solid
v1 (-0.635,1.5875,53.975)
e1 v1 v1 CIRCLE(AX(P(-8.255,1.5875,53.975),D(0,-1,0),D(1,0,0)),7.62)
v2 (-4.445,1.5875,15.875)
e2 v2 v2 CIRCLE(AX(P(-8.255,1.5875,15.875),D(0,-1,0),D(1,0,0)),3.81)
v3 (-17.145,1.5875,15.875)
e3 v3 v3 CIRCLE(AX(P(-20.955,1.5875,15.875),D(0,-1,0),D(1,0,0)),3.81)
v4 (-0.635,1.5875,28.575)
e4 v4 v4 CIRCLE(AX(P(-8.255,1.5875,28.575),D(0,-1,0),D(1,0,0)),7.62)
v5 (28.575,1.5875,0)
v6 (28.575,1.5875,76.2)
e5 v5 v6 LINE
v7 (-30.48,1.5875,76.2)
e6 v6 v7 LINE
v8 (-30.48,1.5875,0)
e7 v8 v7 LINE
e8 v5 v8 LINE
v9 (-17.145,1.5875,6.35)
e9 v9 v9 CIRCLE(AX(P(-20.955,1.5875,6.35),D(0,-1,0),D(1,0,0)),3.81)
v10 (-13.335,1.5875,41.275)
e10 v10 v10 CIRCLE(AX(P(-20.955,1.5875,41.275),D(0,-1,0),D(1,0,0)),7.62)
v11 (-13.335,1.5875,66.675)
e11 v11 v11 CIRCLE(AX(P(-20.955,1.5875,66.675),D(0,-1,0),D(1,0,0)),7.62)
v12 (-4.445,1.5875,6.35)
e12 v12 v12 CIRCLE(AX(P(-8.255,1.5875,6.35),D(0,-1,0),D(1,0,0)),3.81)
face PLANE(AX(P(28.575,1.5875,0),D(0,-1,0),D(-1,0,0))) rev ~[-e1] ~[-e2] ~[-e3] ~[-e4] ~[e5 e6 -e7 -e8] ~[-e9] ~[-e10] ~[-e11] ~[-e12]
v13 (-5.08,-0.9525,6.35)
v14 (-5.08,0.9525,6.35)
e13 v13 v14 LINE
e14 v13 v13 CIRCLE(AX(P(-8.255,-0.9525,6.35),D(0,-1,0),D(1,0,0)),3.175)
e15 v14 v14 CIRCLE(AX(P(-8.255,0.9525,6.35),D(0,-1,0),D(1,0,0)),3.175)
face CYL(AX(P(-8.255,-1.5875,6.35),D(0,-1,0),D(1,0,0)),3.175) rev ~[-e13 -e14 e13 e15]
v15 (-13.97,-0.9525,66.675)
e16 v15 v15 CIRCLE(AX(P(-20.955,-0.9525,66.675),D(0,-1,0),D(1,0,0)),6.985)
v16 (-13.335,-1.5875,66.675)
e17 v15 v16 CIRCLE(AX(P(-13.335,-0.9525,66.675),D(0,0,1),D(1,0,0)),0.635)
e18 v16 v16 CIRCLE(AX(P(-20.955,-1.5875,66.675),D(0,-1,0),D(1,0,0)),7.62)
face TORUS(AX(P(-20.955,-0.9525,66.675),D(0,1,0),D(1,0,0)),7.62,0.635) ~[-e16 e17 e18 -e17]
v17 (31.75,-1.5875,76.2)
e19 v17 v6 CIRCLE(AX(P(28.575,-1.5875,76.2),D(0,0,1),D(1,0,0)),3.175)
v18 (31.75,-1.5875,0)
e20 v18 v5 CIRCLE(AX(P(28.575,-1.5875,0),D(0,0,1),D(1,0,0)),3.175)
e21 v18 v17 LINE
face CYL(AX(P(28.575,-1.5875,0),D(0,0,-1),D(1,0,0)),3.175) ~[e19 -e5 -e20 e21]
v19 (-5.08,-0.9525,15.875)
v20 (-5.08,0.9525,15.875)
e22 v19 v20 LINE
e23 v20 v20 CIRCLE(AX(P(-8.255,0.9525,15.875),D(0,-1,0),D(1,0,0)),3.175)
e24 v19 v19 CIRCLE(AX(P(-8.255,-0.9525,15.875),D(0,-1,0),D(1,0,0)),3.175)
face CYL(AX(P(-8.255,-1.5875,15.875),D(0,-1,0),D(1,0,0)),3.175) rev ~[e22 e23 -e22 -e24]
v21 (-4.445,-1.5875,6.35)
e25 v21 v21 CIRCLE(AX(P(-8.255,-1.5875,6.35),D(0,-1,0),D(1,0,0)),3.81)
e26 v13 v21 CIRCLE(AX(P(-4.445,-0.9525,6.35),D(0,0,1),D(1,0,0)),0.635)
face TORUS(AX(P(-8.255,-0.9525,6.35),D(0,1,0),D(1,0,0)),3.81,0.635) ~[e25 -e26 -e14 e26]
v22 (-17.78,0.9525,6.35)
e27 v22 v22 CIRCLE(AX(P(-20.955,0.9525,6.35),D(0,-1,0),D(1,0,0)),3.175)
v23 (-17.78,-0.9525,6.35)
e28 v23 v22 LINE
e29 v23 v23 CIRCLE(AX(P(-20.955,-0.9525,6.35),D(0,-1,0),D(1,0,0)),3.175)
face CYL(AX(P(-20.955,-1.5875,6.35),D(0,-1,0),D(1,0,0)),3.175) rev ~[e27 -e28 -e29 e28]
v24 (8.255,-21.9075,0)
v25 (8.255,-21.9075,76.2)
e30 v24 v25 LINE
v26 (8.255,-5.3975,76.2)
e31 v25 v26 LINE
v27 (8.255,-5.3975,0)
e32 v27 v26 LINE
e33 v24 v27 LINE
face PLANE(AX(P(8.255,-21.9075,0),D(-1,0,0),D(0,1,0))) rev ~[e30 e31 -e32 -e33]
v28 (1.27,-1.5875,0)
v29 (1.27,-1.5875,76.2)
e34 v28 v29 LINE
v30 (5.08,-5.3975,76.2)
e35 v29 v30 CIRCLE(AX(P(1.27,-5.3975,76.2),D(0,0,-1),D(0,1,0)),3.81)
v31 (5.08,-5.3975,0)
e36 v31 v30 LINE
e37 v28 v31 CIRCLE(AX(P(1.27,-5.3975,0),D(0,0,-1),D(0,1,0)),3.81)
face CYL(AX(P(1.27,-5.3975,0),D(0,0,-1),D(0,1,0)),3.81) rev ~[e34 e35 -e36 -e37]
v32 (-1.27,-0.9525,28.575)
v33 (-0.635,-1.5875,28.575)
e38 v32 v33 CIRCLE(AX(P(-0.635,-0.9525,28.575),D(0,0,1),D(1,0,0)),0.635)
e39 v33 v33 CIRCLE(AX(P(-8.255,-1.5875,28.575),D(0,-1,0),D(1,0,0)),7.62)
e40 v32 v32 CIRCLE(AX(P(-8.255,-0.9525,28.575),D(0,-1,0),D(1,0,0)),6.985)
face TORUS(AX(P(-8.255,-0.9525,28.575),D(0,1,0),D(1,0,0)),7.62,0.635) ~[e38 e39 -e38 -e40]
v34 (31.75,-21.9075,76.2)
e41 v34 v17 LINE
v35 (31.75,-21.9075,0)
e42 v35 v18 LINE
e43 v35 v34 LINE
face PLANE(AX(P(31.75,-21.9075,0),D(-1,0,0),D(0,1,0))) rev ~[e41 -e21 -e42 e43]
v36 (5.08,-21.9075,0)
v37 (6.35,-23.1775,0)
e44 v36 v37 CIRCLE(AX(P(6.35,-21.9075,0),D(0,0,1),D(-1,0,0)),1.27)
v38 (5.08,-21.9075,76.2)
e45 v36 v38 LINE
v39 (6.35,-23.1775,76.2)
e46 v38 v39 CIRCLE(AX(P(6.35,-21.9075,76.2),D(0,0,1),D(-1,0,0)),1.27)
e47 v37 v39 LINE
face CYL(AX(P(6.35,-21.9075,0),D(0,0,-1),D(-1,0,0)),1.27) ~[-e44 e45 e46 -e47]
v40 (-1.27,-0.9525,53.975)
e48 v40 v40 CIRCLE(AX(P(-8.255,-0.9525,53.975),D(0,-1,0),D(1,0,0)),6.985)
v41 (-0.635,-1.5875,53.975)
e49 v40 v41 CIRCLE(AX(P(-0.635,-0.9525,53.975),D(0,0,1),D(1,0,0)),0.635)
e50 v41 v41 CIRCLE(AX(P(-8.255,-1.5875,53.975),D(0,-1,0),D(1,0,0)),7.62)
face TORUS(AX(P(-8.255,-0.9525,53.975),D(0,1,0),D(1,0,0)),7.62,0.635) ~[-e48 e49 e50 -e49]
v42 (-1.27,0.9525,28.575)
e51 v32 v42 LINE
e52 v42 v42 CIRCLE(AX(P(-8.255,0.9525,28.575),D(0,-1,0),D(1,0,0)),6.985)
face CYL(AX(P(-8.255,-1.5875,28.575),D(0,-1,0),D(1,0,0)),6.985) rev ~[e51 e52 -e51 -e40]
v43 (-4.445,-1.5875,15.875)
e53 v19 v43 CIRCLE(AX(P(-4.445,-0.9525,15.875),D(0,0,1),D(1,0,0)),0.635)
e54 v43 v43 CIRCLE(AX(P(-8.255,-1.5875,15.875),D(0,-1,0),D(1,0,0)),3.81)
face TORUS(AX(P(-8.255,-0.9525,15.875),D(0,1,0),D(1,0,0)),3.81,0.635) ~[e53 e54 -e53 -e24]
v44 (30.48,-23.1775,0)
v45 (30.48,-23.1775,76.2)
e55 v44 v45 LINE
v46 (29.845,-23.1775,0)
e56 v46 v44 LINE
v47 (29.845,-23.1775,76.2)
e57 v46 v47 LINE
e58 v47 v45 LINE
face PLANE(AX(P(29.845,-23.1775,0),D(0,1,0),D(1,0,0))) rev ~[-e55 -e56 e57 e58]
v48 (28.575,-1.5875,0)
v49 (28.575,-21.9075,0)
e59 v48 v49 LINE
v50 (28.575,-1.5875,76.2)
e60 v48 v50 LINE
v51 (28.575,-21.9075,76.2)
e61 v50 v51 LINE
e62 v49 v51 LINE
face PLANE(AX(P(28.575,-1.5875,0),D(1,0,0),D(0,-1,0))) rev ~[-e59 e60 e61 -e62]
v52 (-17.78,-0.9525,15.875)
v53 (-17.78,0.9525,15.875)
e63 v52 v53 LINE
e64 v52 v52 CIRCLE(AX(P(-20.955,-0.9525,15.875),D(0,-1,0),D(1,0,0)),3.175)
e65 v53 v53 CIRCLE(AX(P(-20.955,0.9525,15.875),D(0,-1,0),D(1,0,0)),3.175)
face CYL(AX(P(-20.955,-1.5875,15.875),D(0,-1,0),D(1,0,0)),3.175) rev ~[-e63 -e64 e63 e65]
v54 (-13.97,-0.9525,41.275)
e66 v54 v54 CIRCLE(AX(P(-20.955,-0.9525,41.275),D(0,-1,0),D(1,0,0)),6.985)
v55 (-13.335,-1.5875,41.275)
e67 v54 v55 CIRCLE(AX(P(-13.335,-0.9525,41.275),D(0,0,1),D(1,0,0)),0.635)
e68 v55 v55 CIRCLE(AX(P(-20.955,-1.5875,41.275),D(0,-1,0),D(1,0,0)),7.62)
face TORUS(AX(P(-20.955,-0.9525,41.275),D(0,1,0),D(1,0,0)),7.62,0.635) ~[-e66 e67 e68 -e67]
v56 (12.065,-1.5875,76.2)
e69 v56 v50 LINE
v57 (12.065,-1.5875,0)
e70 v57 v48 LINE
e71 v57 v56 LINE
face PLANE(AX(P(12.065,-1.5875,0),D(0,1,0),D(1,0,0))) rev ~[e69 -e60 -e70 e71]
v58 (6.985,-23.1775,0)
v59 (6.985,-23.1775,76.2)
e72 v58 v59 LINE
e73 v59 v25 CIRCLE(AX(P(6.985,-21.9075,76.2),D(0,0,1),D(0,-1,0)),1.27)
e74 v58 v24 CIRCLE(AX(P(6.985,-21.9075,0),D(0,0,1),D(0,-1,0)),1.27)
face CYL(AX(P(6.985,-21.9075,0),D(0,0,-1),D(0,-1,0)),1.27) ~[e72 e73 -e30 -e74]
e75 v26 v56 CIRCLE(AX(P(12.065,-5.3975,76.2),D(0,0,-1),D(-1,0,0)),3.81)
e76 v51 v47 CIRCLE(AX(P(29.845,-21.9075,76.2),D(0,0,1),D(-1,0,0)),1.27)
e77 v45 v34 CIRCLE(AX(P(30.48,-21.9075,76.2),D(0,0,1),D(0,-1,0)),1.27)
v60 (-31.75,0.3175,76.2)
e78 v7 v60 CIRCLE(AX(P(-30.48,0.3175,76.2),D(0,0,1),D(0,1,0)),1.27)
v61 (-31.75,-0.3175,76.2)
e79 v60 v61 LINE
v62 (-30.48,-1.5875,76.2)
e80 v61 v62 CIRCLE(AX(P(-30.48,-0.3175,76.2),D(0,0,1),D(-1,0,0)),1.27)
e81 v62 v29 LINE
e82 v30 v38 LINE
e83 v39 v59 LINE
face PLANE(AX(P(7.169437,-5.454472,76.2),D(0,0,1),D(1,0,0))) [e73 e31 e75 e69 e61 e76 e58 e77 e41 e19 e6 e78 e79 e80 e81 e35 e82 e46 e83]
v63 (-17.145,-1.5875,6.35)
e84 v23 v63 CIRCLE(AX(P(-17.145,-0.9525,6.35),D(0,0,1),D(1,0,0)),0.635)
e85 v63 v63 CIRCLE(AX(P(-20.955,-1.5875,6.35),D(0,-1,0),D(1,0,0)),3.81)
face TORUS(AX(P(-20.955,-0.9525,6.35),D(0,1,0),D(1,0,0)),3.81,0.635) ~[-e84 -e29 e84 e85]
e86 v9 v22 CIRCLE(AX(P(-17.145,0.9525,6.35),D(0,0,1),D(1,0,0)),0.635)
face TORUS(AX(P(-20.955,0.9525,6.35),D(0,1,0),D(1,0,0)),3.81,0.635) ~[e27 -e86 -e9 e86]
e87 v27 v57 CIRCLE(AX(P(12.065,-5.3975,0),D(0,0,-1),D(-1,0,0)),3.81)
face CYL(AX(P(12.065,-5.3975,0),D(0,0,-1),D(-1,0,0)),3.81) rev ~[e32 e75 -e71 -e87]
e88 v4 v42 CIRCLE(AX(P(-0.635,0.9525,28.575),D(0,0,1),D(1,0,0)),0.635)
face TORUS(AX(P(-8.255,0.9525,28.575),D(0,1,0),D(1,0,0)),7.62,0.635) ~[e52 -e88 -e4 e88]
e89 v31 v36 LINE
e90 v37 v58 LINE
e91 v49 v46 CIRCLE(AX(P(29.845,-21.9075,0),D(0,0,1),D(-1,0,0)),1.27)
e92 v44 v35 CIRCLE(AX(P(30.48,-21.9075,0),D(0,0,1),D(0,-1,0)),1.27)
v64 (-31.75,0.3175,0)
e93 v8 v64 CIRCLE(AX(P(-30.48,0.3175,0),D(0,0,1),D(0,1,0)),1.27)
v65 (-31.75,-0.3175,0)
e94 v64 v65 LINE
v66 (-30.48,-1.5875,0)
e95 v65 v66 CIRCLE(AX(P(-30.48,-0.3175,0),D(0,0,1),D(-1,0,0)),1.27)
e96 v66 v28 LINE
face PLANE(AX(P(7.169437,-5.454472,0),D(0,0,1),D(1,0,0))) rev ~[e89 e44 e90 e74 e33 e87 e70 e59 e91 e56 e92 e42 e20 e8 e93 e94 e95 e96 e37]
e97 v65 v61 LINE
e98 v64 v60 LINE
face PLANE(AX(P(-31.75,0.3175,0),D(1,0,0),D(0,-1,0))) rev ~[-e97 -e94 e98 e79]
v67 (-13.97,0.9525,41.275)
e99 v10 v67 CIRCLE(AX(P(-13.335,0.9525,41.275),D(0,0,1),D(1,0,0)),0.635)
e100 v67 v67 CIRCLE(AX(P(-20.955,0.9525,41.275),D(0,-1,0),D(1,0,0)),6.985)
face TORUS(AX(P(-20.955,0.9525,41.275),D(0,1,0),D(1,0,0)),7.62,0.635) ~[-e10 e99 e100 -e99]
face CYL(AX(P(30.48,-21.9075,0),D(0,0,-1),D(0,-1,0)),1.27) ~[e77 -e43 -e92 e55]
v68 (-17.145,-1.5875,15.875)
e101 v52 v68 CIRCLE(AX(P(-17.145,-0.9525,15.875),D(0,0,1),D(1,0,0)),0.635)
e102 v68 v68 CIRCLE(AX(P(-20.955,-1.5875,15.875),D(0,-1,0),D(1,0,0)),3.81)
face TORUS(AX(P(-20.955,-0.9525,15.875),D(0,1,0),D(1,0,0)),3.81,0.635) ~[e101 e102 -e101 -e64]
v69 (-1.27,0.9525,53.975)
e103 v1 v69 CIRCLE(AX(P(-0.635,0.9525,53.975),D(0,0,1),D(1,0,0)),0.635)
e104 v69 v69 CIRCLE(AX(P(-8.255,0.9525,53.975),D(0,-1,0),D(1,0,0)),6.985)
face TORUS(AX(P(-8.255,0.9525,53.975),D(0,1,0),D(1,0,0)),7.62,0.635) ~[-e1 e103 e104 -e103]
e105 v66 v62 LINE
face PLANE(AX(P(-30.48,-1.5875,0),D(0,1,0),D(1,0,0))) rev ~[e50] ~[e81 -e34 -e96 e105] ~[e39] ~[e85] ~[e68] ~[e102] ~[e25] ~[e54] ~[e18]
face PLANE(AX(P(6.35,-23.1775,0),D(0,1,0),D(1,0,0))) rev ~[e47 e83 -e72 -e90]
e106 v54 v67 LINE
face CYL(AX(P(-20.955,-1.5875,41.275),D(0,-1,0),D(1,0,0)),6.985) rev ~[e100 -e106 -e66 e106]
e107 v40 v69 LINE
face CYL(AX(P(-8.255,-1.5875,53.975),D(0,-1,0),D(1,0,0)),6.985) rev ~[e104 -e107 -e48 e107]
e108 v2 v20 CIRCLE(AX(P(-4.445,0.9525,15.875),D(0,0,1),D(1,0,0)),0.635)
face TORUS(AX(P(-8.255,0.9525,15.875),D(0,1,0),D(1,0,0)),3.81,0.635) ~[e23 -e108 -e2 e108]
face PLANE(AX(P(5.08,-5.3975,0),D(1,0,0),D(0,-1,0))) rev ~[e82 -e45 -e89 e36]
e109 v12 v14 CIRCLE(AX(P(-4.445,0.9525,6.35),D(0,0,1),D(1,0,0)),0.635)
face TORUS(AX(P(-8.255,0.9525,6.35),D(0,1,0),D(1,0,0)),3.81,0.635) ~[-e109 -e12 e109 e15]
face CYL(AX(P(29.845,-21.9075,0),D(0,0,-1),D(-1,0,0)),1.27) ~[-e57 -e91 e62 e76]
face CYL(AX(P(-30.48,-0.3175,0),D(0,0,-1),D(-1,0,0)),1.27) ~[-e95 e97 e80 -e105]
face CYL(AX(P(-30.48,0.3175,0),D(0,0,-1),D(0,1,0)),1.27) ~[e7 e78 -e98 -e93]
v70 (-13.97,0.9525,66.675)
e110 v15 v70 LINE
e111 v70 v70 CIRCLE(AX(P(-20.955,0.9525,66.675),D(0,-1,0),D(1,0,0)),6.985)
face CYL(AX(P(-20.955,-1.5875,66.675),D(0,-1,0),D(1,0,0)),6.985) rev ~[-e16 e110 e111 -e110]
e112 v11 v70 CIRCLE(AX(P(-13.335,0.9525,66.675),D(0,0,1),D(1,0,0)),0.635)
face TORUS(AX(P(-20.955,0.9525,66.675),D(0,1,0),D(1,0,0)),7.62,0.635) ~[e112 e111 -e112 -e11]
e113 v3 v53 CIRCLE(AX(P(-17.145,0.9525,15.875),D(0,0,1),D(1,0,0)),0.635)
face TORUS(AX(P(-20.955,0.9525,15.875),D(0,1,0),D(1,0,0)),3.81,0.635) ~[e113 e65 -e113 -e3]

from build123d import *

# Parameters (mm, degrees)
F1_DEPTH = 76.2
F2_R     = 3.175
F2_R_2   = 6.985
F3_DEPTH = 25.4
F4_R     = 0.635


with BuildPart() as f1:
    # F0 (on Top) → F1 (new body)
    with BuildSketch(Plane.XY):
        with BuildLine():
            ThreePointArc((31.75, -1.5875), (30.8200640303, 0.6575640303), (28.575, 1.5875))
            Line((28.575, 1.5875), (-30.48, 1.5875))
            ThreePointArc((-30.48, 1.5875), (-31.3780256121, 1.2155256121), (-31.75, 0.3175))
            Line((-31.75, 0.3175), (-31.75, -0.3175))
            ThreePointArc((-31.75, -0.3175), (-31.3780256121, -1.2155256121), (-30.48, -1.5875))
            Line((-30.48, -1.5875), (1.27, -1.5875))
            ThreePointArc((1.27, -1.5875), (3.9640768363, -2.7034231637), (5.08, -5.3975))
            Line((5.08, -5.3975), (5.08, -21.9075))
            ThreePointArc((5.08, -21.9075), (5.4519743879, -22.8055256121), (6.35, -23.1775))
            Line((6.35, -23.1775), (6.985, -23.1775))
            ThreePointArc((6.985, -23.1775), (7.8830256121, -22.8055256121), (8.255, -21.9075))
            Line((8.255, -21.9075), (8.255, -5.3975))
            ThreePointArc((8.255, -5.3975), (9.3709231637, -2.7034231637), (12.065, -1.5875))
            Line((12.065, -1.5875), (28.575, -1.5875))
            Line((28.575, -1.5875), (28.575, -21.9075))
            ThreePointArc((28.575, -21.9075), (28.9469743879, -22.8055256121), (29.845, -23.1775))
            Line((29.845, -23.1775), (30.48, -23.1775))
            ThreePointArc((30.48, -23.1775), (31.3780256121, -22.8055256121), (31.75, -21.9075))
            Line((31.75, -21.9075), (31.75, -1.5875))
        make_face()
    extrude(amount=F1_DEPTH)

    # F2 (on face) → F3 (cut)
    with BuildSketch(Plane.XZ.offset(1.5875)):
        with Locations((-20.955, 15.875)):
            Circle(F2_R)
        with Locations((-8.255, 15.875)):
            Circle(F2_R)
        with Locations((-20.955, 6.35)):
            Circle(F2_R)
        with Locations((-8.255, 6.35)):
            Circle(F2_R)
        with Locations((-8.255, 28.575)):
            Circle(F2_R_2)
        with Locations((-20.955, 41.275)):
            Circle(F2_R_2)
        with Locations((-8.255, 53.975)):
            Circle(F2_R_2)
        with Locations((-20.955, 66.675)):
            Circle(F2_R_2)
    extrude(amount=-F3_DEPTH, mode=Mode.SUBTRACT)

    # F4
    f4_edges = [f1.edges().sort_by_distance(p)[0] for p in [
        (-27.94, -1.5875, 66.675),
        (-15.24, -1.5875, 53.975),
        (-27.94, -1.5875, 41.275),
        (-15.24, -1.5875, 28.575),
        (-11.43, -1.5875, 15.875),
        (-11.43, -1.5875, 6.35),
        (-24.13, -1.5875, 6.35),
        (-24.13, -1.5875, 15.875),
        (-11.43, 1.5875, 6.35),
        (-24.13, 1.5875, 6.35),
        (-24.13, 1.5875, 15.875),
        (-15.24, 1.5875, 28.575),
        (-27.94, 1.5875, 41.275),
        (-15.24, 1.5875, 53.975),
        (-27.94, 1.5875, 66.675),
        (-11.43, 1.5875, 15.875),
    ]]
    fillet(f4_edges, radius=F4_R)


solid = f1.part
